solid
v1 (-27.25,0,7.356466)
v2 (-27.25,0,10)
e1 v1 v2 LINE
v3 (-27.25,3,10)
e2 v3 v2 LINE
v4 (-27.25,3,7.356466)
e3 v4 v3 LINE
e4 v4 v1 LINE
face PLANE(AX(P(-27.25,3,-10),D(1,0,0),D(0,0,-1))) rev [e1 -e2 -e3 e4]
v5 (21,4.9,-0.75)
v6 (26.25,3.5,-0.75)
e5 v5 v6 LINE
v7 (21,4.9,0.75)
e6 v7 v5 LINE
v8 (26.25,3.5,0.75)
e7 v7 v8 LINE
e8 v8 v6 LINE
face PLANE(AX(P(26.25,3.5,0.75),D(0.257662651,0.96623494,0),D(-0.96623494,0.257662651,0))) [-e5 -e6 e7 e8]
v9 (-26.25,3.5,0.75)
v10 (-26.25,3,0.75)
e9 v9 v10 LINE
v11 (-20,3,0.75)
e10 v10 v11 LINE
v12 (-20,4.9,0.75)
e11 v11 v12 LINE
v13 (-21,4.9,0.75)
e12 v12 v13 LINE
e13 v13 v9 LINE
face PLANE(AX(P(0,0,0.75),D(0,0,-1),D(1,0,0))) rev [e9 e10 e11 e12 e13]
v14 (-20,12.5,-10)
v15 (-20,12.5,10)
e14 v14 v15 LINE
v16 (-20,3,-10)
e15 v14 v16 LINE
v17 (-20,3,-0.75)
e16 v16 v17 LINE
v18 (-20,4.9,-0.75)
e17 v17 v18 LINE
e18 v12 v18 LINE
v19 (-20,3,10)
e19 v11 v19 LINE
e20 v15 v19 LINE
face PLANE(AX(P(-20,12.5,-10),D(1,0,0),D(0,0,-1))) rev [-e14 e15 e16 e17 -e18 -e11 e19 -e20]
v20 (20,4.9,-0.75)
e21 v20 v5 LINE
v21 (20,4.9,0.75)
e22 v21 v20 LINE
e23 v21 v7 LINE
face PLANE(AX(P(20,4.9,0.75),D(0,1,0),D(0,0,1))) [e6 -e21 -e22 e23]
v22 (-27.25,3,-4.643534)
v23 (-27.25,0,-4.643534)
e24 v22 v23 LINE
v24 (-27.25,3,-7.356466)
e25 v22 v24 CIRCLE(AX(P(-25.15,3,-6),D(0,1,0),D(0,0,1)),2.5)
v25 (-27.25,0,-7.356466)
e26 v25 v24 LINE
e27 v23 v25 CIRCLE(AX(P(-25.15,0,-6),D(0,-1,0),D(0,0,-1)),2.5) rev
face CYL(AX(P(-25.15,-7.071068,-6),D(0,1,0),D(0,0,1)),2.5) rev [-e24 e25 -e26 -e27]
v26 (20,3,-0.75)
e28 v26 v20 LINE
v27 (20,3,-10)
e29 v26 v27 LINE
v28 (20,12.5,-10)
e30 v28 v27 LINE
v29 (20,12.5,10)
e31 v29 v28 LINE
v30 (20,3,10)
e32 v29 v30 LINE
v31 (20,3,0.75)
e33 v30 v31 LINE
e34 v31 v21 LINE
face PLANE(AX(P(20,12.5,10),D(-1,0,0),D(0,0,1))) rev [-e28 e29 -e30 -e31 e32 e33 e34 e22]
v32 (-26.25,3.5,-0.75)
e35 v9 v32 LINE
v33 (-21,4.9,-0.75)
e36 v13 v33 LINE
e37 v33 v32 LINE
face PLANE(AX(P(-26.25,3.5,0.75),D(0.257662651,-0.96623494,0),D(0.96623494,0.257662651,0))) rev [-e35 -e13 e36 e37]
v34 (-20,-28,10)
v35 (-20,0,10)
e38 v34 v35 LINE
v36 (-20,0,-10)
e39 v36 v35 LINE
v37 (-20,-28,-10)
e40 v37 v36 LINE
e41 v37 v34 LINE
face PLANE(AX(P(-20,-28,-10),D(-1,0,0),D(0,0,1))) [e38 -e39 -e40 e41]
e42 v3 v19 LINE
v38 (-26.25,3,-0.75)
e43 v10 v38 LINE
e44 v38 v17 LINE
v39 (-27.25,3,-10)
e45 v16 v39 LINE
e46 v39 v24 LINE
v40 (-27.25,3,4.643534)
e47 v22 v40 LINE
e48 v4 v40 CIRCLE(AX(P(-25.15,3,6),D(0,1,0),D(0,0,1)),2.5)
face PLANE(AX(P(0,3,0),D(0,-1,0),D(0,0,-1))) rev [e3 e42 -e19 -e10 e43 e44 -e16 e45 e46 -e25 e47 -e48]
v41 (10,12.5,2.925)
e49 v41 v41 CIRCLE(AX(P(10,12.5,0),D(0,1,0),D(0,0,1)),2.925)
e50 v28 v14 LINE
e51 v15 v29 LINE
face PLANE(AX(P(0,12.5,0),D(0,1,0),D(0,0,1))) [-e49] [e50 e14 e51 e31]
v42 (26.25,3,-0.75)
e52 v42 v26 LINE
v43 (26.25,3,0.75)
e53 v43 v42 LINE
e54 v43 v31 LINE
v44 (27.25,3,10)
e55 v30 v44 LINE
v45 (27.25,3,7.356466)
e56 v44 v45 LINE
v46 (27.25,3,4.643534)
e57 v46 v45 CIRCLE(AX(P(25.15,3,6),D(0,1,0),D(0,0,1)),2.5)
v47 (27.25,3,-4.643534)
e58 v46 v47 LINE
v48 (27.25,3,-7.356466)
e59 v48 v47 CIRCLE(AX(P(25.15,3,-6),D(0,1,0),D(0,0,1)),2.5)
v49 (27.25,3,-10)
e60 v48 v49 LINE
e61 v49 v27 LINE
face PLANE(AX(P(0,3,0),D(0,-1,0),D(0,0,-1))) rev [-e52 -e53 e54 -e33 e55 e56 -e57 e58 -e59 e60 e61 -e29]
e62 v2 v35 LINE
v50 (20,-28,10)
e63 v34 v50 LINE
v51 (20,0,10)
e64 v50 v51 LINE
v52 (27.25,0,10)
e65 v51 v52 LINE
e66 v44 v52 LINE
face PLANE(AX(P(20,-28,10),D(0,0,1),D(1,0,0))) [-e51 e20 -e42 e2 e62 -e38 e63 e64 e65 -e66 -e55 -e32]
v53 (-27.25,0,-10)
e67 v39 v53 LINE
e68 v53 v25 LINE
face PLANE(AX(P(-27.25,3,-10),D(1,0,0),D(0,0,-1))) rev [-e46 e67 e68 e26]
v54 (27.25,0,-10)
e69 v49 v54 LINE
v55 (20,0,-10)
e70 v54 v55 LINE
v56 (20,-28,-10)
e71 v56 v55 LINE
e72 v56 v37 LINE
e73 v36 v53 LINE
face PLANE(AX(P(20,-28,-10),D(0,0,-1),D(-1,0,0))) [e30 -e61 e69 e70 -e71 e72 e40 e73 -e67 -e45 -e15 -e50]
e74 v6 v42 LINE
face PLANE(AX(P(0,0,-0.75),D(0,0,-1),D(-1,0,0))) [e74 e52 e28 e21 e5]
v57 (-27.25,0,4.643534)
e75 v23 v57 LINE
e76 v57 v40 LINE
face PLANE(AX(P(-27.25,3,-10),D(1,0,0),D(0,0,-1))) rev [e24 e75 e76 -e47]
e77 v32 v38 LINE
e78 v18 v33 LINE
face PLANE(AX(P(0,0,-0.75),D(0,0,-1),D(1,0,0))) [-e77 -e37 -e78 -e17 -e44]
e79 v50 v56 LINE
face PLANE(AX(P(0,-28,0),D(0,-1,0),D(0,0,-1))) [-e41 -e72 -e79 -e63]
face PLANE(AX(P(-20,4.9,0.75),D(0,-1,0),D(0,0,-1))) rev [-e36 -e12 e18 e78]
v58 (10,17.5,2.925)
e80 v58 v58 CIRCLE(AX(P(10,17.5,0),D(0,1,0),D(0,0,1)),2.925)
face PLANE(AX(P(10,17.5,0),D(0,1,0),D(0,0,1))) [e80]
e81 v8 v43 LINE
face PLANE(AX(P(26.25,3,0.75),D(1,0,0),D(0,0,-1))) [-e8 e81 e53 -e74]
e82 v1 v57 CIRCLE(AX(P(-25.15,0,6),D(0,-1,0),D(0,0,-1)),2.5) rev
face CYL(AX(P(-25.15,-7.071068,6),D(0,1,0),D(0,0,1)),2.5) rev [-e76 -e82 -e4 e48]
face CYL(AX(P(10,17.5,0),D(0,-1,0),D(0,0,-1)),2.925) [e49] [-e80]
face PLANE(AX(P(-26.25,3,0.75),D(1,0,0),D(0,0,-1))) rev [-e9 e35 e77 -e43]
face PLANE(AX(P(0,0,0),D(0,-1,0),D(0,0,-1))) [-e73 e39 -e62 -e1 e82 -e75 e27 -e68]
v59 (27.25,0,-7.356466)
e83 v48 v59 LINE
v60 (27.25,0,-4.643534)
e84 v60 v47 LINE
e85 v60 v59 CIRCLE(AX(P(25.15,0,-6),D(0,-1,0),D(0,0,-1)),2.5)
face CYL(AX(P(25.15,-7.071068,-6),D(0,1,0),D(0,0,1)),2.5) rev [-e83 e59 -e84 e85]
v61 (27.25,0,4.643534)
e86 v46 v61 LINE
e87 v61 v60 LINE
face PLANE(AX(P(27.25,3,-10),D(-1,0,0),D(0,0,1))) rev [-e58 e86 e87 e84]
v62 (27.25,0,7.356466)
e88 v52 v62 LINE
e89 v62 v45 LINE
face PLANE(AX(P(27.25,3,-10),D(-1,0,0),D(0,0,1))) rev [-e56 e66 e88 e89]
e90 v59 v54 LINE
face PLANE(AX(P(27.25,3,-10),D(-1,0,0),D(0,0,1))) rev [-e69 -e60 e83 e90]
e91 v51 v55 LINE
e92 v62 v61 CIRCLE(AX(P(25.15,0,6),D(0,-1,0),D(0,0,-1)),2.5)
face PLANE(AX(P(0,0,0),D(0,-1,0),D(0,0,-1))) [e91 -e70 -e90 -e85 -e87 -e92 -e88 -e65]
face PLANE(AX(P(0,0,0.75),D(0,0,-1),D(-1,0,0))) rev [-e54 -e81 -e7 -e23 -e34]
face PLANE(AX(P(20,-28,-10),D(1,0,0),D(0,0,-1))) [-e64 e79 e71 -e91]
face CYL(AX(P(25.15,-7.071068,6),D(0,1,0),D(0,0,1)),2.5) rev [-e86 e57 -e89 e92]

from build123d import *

# Parameters (mm, degrees)
SKETCH1_W           = 40
SKETCH1_H           = 20
BOSS_EXTRUDE1_DEPTH = 28
SKETCH2_W           = 54.5
SKETCH2_H           = 20
BOSS_EXTRUDE2_DEPTH = 3
SKETCH3_W           = 40
SKETCH3_H           = 20
BOSS_EXTRUDE3_DEPTH = 9.5
SKETCH4_R           = 2.925
BOSS_EXTRUDE4_DEPTH = 5
SKETCH5_R           = 2.5
CUT_EXTRUDE1_DEPTH  = 3
BOSS_EXTRUDE5_START = -10
BOSS_EXTRUDE5_DEPTH = 0.75


with BuildPart() as part:
    # Sketch1 → Boss-Extrude1 (new body)
    with BuildSketch(Plane(origin=(0, 0, 0), x_dir=(1, 0, 0), z_dir=(0, 1, 0))):
        Rectangle(SKETCH1_W, SKETCH1_H)
    extrude(amount=-BOSS_EXTRUDE1_DEPTH)

    # Sketch2 → Boss-Extrude2 (add)
    with BuildSketch(Plane(origin=(0, 0, 0), x_dir=(1, 0, 0), z_dir=(0, 1, 0))):
        Rectangle(SKETCH2_W, SKETCH2_H)
    extrude(amount=BOSS_EXTRUDE2_DEPTH)

    # Sketch3 → Boss-Extrude3 (add)
    with BuildSketch(Plane(origin=(0, 3, 0), x_dir=(1, 0, 0), z_dir=(0, 1, 0))):
        Rectangle(SKETCH3_W, SKETCH3_H)
    extrude(amount=BOSS_EXTRUDE3_DEPTH)

    # Sketch4 → Boss-Extrude4 (add)
    with BuildSketch(Plane(origin=(0, 12.5, 0), x_dir=(1, 0, 0), z_dir=(0, 1, 0))):
        with Locations(Location((10, 0, 0), (0, 0, 270))):
            Circle(SKETCH4_R)
    extrude(amount=BOSS_EXTRUDE4_DEPTH)

    # Sketch5 → Cut-Extrude1 (cut)
    with BuildSketch(Plane(origin=(0, 3, 0), x_dir=(1, 0, 0), z_dir=(0, 1, 0))):
        with Locations((25.15, -6)):
            Circle(SKETCH5_R)
        with Locations((25.15, 6)):
            Circle(SKETCH5_R)
        with Locations((-25.15, -6)):
            Circle(SKETCH5_R)
        with Locations((-25.15, 6)):
            Circle(SKETCH5_R)
    extrude(amount=-CUT_EXTRUDE1_DEPTH, mode=Mode.SUBTRACT)

    # Sketch6 → Boss-Extrude5 (add, symmetric)
    with BuildSketch(Plane(origin=(0, 0, -10), x_dir=(-1, 0, 0), z_dir=(0, 0, -1)).offset(BOSS_EXTRUDE5_START)):
        Polygon((-20, 3), (-20, 4.9), (-21, 4.9), (-26.25, 3.5), (-26.25, 3), align=None)
    boss_extrude5 = extrude(amount=BOSS_EXTRUDE5_DEPTH, both=True)

    # Mirror1: Boss-Extrude5 across plane
    add(boss_extrude5.mirror(Plane(origin=(0, 0, 0), x_dir=(0, 0, 1), z_dir=(1, 0, 0))))


solid = part.part
